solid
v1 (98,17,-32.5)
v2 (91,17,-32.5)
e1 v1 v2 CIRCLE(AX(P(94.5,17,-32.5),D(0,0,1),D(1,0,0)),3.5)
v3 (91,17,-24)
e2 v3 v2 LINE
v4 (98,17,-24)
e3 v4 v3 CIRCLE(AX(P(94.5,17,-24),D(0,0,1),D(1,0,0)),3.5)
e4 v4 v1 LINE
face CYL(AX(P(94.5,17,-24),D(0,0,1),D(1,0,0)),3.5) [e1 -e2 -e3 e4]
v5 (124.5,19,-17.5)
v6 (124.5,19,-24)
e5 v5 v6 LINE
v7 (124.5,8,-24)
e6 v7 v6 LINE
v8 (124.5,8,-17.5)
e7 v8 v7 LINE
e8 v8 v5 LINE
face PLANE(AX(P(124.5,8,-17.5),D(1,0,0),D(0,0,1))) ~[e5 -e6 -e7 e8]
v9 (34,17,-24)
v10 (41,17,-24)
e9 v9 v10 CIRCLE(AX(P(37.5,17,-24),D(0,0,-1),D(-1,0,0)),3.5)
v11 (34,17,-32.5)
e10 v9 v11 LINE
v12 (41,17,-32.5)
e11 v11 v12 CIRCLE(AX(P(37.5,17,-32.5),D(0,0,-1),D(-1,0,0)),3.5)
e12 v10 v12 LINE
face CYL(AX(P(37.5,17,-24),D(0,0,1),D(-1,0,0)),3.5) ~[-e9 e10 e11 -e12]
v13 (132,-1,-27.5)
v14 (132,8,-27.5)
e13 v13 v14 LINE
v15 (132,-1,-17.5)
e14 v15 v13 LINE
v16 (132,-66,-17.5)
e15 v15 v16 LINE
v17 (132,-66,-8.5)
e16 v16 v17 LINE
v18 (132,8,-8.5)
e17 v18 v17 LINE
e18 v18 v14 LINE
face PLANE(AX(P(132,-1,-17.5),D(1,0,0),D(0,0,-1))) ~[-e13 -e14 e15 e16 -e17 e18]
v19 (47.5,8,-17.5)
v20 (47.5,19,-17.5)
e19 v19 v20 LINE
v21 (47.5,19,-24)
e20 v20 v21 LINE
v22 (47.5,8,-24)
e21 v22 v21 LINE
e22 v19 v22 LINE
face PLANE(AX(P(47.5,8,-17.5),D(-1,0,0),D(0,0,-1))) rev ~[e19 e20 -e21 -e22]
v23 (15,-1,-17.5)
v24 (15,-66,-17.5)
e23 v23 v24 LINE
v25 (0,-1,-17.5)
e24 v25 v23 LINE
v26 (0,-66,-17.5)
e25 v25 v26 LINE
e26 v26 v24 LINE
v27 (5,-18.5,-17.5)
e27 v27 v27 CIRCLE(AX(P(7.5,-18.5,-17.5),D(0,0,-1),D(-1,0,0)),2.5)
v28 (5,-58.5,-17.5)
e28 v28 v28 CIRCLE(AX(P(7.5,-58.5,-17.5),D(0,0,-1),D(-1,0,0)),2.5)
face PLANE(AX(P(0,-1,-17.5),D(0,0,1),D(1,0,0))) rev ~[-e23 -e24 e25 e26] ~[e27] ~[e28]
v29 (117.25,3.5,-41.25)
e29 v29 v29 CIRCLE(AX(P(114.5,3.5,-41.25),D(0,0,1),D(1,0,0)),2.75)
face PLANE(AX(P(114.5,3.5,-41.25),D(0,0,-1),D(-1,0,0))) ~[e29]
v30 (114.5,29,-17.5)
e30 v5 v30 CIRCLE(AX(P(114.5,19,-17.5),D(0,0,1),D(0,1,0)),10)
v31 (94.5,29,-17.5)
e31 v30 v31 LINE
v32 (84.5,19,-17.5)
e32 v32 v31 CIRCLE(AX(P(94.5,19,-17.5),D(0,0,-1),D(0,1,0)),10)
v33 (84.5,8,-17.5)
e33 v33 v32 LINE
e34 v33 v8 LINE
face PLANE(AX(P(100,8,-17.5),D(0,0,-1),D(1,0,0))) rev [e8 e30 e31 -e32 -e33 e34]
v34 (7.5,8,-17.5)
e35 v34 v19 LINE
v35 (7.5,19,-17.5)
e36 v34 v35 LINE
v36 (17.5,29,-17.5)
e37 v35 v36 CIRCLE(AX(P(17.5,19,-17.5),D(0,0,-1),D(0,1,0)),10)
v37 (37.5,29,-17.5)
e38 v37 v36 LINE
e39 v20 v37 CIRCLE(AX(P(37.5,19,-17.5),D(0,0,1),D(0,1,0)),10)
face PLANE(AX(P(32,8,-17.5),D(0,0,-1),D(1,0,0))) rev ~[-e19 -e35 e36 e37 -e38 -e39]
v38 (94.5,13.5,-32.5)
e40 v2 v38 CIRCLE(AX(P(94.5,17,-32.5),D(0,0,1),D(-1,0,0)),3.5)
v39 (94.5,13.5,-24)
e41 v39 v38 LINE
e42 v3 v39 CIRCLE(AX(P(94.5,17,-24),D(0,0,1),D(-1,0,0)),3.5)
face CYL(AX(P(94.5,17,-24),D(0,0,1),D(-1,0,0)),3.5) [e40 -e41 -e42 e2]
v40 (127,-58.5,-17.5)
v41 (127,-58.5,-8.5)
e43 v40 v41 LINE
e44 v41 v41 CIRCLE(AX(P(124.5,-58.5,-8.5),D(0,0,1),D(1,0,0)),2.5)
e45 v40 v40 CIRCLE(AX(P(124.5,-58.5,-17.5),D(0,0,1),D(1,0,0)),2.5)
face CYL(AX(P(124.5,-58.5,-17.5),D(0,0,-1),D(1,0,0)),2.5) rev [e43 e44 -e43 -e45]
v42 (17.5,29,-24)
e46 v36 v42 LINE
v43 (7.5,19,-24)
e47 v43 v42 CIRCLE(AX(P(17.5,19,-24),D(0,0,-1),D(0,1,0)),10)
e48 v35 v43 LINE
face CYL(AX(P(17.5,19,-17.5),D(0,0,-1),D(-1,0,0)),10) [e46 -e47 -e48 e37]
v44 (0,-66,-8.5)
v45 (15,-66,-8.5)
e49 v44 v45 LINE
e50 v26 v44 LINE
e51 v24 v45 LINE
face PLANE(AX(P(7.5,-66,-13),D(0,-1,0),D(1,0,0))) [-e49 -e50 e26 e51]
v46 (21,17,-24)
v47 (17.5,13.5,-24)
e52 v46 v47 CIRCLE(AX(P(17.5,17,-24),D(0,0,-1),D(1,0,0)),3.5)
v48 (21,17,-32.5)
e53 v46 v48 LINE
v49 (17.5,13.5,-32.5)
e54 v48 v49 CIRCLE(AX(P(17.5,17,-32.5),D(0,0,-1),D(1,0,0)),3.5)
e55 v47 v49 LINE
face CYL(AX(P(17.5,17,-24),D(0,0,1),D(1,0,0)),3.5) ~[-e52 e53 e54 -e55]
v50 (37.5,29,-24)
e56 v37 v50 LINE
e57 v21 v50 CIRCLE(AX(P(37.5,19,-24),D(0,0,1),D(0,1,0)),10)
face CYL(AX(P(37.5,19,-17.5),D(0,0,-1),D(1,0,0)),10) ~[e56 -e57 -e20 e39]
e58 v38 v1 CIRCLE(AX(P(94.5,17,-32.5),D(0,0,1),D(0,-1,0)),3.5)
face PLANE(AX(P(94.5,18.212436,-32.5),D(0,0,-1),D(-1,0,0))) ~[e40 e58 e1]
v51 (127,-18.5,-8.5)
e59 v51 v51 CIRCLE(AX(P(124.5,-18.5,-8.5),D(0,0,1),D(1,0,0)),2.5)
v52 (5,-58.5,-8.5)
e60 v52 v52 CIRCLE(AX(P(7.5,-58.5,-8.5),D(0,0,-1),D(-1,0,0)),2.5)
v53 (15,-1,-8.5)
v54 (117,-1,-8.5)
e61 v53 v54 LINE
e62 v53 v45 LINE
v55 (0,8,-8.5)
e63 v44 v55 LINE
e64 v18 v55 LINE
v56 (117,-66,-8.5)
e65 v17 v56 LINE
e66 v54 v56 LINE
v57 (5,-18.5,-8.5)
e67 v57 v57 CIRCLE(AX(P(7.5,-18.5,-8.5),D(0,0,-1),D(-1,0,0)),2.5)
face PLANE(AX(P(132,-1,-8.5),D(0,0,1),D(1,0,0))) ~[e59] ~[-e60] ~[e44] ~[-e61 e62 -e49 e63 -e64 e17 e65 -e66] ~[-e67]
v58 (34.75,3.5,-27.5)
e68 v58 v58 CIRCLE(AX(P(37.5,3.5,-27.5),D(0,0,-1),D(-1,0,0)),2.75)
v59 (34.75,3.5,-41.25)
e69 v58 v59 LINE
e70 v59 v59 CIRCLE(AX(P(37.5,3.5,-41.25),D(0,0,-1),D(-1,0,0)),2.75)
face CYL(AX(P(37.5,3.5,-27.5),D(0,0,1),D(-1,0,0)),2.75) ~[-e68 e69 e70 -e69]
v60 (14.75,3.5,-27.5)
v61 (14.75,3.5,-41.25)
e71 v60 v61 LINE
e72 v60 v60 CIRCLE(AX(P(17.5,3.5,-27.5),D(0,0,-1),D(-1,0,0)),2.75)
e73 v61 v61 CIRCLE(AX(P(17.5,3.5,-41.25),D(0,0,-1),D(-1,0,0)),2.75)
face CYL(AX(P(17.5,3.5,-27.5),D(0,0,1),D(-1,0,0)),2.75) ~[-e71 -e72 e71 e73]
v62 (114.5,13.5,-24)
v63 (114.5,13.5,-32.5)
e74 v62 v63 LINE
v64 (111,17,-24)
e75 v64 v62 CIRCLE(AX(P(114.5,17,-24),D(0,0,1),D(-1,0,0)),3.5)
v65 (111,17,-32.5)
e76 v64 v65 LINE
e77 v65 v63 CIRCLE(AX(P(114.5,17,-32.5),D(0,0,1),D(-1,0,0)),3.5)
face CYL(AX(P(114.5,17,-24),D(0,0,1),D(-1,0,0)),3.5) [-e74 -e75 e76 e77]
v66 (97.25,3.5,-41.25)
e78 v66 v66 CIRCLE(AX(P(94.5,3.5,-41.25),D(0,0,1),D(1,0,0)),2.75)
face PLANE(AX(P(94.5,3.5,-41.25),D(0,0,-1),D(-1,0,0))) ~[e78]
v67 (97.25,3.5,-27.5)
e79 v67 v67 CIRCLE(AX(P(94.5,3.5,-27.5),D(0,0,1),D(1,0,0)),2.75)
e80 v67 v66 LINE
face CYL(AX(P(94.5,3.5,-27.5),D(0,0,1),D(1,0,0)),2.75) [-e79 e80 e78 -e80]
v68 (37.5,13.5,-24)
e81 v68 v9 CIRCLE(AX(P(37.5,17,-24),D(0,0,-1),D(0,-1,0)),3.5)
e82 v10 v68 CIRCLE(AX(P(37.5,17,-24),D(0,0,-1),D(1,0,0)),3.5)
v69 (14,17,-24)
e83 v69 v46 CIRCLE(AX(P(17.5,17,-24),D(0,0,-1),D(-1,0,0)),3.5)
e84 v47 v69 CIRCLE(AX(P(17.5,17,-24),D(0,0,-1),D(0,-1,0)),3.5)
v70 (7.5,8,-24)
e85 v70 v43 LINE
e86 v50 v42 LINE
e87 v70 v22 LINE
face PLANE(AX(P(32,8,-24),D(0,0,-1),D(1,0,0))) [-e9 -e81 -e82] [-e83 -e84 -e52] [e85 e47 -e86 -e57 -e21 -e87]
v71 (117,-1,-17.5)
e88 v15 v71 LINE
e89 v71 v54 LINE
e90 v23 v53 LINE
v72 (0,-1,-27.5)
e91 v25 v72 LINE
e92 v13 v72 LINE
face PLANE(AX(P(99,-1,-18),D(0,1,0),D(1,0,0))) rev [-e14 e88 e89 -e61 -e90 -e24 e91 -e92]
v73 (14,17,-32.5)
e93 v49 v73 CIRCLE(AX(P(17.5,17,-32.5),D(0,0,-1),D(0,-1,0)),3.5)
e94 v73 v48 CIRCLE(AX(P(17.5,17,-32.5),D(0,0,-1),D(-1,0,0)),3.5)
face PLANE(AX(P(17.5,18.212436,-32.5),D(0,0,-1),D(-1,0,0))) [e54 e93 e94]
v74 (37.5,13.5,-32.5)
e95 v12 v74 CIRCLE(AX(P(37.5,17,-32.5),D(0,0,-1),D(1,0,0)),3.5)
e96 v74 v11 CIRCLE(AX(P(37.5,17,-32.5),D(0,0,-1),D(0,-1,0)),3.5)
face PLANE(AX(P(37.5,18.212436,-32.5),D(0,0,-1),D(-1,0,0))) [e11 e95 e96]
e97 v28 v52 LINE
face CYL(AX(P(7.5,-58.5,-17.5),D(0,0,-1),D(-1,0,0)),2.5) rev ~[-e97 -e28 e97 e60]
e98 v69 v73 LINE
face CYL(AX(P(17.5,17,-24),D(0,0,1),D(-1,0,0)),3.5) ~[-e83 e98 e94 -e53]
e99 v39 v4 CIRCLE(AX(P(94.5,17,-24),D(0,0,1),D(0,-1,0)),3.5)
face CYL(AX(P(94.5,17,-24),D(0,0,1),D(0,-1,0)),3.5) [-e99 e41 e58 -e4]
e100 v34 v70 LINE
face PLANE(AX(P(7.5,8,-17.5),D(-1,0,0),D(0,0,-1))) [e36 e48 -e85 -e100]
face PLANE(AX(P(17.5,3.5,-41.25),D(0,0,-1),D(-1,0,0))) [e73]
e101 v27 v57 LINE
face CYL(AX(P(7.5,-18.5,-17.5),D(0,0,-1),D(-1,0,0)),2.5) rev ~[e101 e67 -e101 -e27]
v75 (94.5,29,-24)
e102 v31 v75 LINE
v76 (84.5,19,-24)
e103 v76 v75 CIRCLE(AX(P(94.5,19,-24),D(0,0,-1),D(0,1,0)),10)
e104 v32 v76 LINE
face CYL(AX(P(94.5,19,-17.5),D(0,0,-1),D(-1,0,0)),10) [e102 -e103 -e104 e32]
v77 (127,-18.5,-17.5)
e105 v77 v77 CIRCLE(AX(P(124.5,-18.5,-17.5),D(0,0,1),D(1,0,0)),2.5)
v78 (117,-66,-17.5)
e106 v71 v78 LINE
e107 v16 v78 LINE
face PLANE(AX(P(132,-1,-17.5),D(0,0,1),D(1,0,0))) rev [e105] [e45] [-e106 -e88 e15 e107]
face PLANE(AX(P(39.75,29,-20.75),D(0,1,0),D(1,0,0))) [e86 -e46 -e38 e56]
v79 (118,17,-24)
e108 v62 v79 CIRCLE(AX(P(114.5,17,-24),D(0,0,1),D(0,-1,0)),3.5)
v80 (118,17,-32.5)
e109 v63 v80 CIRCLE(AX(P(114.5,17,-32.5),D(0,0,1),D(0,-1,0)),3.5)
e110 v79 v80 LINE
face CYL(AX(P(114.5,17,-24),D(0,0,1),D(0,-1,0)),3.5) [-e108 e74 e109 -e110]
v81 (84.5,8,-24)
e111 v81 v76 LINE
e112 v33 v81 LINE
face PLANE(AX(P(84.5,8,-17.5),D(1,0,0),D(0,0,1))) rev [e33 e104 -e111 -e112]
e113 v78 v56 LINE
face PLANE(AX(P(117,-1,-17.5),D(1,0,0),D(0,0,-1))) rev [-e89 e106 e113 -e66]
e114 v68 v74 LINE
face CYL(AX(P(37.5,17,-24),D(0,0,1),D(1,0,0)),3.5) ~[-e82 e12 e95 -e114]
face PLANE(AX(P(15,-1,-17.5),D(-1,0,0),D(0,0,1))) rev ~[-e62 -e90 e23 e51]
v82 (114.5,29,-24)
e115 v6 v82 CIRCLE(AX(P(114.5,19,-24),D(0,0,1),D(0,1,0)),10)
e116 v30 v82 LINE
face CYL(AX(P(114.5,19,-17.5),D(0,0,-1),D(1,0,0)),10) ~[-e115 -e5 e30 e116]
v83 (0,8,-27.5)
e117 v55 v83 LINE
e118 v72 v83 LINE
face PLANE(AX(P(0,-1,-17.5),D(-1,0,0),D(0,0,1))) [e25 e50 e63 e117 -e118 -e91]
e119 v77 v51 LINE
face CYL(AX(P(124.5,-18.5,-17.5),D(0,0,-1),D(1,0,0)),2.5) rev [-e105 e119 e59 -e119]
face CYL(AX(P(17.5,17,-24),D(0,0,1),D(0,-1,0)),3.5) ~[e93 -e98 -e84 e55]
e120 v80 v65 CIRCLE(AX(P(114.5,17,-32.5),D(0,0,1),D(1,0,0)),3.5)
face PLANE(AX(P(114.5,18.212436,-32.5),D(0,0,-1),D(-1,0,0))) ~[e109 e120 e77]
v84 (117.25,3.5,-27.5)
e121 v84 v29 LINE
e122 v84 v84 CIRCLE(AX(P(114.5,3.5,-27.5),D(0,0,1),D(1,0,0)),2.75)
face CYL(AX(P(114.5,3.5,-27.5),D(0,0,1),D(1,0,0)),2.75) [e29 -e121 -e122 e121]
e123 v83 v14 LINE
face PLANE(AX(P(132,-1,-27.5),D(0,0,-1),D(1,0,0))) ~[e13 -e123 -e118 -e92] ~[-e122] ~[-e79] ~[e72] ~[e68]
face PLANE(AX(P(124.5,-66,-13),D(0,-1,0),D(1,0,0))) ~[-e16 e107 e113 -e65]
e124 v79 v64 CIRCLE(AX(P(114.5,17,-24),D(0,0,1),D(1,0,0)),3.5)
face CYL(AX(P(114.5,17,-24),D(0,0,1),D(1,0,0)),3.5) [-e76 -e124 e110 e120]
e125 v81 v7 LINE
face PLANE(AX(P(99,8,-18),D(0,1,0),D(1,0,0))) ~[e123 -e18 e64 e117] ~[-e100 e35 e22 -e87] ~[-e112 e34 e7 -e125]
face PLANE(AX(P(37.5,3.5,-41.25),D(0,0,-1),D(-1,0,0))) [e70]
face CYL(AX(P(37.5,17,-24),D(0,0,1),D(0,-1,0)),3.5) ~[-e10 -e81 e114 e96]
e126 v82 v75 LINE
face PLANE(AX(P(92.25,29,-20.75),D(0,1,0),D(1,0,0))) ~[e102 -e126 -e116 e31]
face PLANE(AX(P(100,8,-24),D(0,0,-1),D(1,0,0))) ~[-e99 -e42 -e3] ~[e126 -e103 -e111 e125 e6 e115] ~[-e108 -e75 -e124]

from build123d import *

# Parameters (mm, degrees)
BOSS_EXTRUDE2_START  = -1
SKETCH1_W            = 66
SKETCH1_H            = 19
BOSS_EXTRUDE2_DEPTH  = 9
SKETCH3_R            = 2.75
BOSS_EXTRUDE3_DEPTH  = 13.75
SKETCH4_W            = 4.5
SKETCH4_H            = 6.5
BOSS_EXTRUDE4_DEPTH  = 15
BOSS_EXTRUDE5_DEPTH  = 8.5
SKETCH8_W            = 9
SKETCH8_H            = 6.5
BOSS_EXTRUDE6_DEPTH  = 6
SKETCH9_W            = 15.5
SKETCH9_H            = 6.5
BOSS_EXTRUDE7_DEPTH  = 21
BOSS_EXTRUDE8_DEPTH  = 8.5
CUT_EXTRUDE2_START   = -8.5
SKETCH12_R           = 3.5
CUT_EXTRUDE2_DEPTH   = 8.5
FILLET1_R            = 10
SKETCH14_W           = 15
SKETCH14_H           = 9
BOSS_EXTRUDE10_DEPTH = 65
CUT_EXTRUDE3_REACH   = 98.312
SKETCH15_R           = 2.5
FILLET1_OF_MIRROR3_R = 10


with BuildPart() as part:
    # Sketch1 → Boss-Extrude2 (new body)
    with BuildSketch(Plane(origin=(0, 0, 0), x_dir=(1, 0, 0), z_dir=(0, 1, 0)).offset(BOSS_EXTRUDE2_START)):
        with Locations((33, 18)):
            Rectangle(SKETCH1_W, SKETCH1_H)
    boss_extrude2 = extrude(amount=BOSS_EXTRUDE2_DEPTH)

    # Sketch3 → Boss-Extrude3 (add)
    with BuildSketch(Plane(origin=(0, 0, -27.5), x_dir=(-1, 0, 0), z_dir=(0, 0, -1))):
        with Locations((-37.5, 3.5)):
            Circle(SKETCH3_R)
        with Locations((-17.5, 3.5)):
            Circle(SKETCH3_R)
    boss_extrude3 = extrude(amount=BOSS_EXTRUDE3_DEPTH)

    # Sketch4 → Boss-Extrude4 (add)
    with BuildSketch(Plane(origin=(0, 8, 0), x_dir=(1, 0, 0), z_dir=(0, 1, 0))):
        with Locations((25.25, 20.75)):
            Rectangle(SKETCH4_W, SKETCH4_H)
        with Locations((29.75, 20.75)):
            Rectangle(SKETCH4_W, SKETCH4_H)
    boss_extrude4 = extrude(amount=BOSS_EXTRUDE4_DEPTH)

    # Sketch5 → Boss-Extrude5 (add)
    with BuildSketch(Plane(origin=(0, 0, -24), x_dir=(-1, 0, 0), z_dir=(0, 0, -1))):
        with BuildLine():
            ThreePointArc((-25.636419782, 13.037388184), (-24.436298745, 14.307742745), (-24, 16))
            ThreePointArc((-24, 16), (-29.974873734, 18.474873734), (-27.5, 12.5))
            ThreePointArc((-27.5, 12.5), (-26.685966178, 12.595980474), (-25.916578842, 12.878657751))
            ThreePointArc((-25.916578842, 12.878657751), (-25.85405917, 13.094916041), (-25.636419782, 13.037388184))
        make_face()
    extrude(amount=BOSS_EXTRUDE5_DEPTH)

    # Sketch8 → Boss-Extrude6 (add)
    with BuildSketch(Plane(origin=(0, 23, 0), x_dir=(1, 0, 0), z_dir=(0, 1, 0))):
        with Locations((27.5, 20.75)):
            Rectangle(SKETCH8_W, SKETCH8_H)
    boss_extrude6 = extrude(amount=BOSS_EXTRUDE6_DEPTH)

    # Sketch9 → Boss-Extrude7 (add)
    with BuildSketch(Plane(origin=(0, 8, 0), x_dir=(1, 0, 0), z_dir=(0, 1, 0))):
        with Locations((39.75, 20.75)):
            Rectangle(SKETCH9_W, SKETCH9_H)
        with Locations((15.25, 20.75)):
            Rectangle(SKETCH9_W, SKETCH9_H)
    boss_extrude7 = extrude(amount=BOSS_EXTRUDE7_DEPTH)

    # Sketch10 → Boss-Extrude8 (add)
    with BuildSketch(Plane(origin=(0, 0, -24), x_dir=(-1, 0, 0), z_dir=(0, 0, -1))):
        with BuildLine():
            Line((-21, 17), (-17.5, 17))
            Line((-17.5, 17), (-14, 17))
            ThreePointArc((-14, 17), (-17.5, 20.5), (-21, 17))
        make_face()
        with BuildLine():
            Line((-17.5, 13.5), (-17.5, 17))
            Line((-17.5, 17), (-21, 17))
            ThreePointArc((-21, 17), (-19.974873734, 14.525126266), (-17.5, 13.5))
        make_face()
        with BuildLine():
            Line((-14, 17), (-17.5, 17))
            Line((-17.5, 17), (-17.5, 13.5))
            ThreePointArc((-17.5, 13.5), (-15.025126266, 14.525126266), (-14, 17))
        make_face()
        with BuildLine():
            Line((-37.5, 17), (-34, 17))
            ThreePointArc((-34, 17), (-37.5, 20.5), (-41, 17))
            Line((-41, 17), (-37.5, 17))
        make_face()
        with BuildLine():
            ThreePointArc((-37.5, 13.5), (-35.025126266, 14.525126266), (-34, 17))
            Line((-34, 17), (-37.5, 17))
            Line((-37.5, 17), (-37.5, 13.5))
        make_face()
        with BuildLine():
            Line((-37.5, 13.5), (-37.5, 17))
            Line((-37.5, 17), (-41, 17))
            ThreePointArc((-41, 17), (-39.974873734, 14.525126266), (-37.5, 13.5))
        make_face()
    boss_extrude8 = extrude(amount=BOSS_EXTRUDE8_DEPTH)

    # Sketch12 → Cut-Extrude2 (cut)
    with BuildSketch(Plane(origin=(0, 0, -32.5), x_dir=(-1, 0, 0), z_dir=(0, 0, -1)).offset(CUT_EXTRUDE2_START)):
        with Locations((-27.5, 16)):
            Circle(SKETCH12_R)
    extrude(amount=CUT_EXTRUDE2_DEPTH, mode=Mode.SUBTRACT)

    # Fillet1
    fillet1_edges = [part.edges().sort_by_distance(p)[0] for p in [
        (7.5, 29, -20.75),
        (47.5, 29, -20.75),
    ]]
    fillet(fillet1_edges, radius=FILLET1_R)

    # Sketch14 → Boss-Extrude10 (add)
    with BuildSketch(Plane.XZ.offset(1)):
        with Locations((7.5, -13)):
            Rectangle(SKETCH14_W, SKETCH14_H)
    boss_extrude10 = extrude(amount=BOSS_EXTRUDE10_DEPTH)

    # Sketch15 → Cut-Extrude3 (cut, up to next)
    with BuildSketch(Plane(origin=(0, 0, -17.5), x_dir=(-1, 0, 0), z_dir=(0, 0, -1)), mode=Mode.PRIVATE) as cut_extrude3_sk1:
        with Locations((-7.5, -18.5)):
            Circle(SKETCH15_R)
    cut_extrude3_tool1 = extrude(cut_extrude3_sk1.sketch, amount=-CUT_EXTRUDE3_REACH, mode=Mode.PRIVATE) & part.part
    # Sketch15 → Cut-Extrude3 (cut, up to next)
    with BuildSketch(Plane(origin=(0, 0, -17.5), x_dir=(-1, 0, 0), z_dir=(0, 0, -1)), mode=Mode.PRIVATE) as cut_extrude3_sk2:
        with Locations((-7.5, -58.5)):
            Circle(SKETCH15_R)
    cut_extrude3_tool2 = extrude(cut_extrude3_sk2.sketch, amount=-CUT_EXTRUDE3_REACH, mode=Mode.PRIVATE) & part.part
    cut_extrude3_1 = cut_extrude3_tool1.solids().sort_by_distance((7.5, -18.5, -17.5))[0]
    add(cut_extrude3_1, mode=Mode.SUBTRACT)
    cut_extrude3_2 = cut_extrude3_tool2.solids().sort_by_distance((7.5, -58.5, -17.5))[0]
    add(cut_extrude3_2, mode=Mode.SUBTRACT)
    cut_extrude3 = cut_extrude3_1 + cut_extrude3_2  # Cut-Extrude3 as one shape, for the pattern or mirror that repeats it

    # Mirror3: Boss-Extrude2, Boss-Extrude3, Boss-Extrude4, Boss-Extrude6, Boss-Extrude7, Boss-Extrude8, Boss-Extrude10, Cut-Extrude3 across plane
    add(boss_extrude2.mirror(Plane(origin=(66, -1, -8.5), x_dir=(0, 0, 1), z_dir=(1, 0, 0))))
    add(boss_extrude3.mirror(Plane(origin=(66, -1, -8.5), x_dir=(0, 0, 1), z_dir=(1, 0, 0))))
    add(boss_extrude4.mirror(Plane(origin=(66, -1, -8.5), x_dir=(0, 0, 1), z_dir=(1, 0, 0))))
    add(boss_extrude6.mirror(Plane(origin=(66, -1, -8.5), x_dir=(0, 0, 1), z_dir=(1, 0, 0))))
    add(boss_extrude7.mirror(Plane(origin=(66, -1, -8.5), x_dir=(0, 0, 1), z_dir=(1, 0, 0))))
    add(boss_extrude8.mirror(Plane(origin=(66, -1, -8.5), x_dir=(0, 0, 1), z_dir=(1, 0, 0))))
    add(boss_extrude10.mirror(Plane(origin=(66, -1, -8.5), x_dir=(0, 0, 1), z_dir=(1, 0, 0))))
    add(cut_extrude3.mirror(Plane(origin=(66, -1, -8.5), x_dir=(0, 0, 1), z_dir=(1, 0, 0))), mode=Mode.SUBTRACT)

    # Fillet1 of Mirror3
    fillet1_of_mirror3_edges = [part.edges().sort_by_distance(p)[0] for p in [
        (124.5, 29, -20.75),
        (84.5, 29, -20.75),
    ]]
    fillet(fillet1_of_mirror3_edges, radius=FILLET1_OF_MIRROR3_R)


solid = part.part
